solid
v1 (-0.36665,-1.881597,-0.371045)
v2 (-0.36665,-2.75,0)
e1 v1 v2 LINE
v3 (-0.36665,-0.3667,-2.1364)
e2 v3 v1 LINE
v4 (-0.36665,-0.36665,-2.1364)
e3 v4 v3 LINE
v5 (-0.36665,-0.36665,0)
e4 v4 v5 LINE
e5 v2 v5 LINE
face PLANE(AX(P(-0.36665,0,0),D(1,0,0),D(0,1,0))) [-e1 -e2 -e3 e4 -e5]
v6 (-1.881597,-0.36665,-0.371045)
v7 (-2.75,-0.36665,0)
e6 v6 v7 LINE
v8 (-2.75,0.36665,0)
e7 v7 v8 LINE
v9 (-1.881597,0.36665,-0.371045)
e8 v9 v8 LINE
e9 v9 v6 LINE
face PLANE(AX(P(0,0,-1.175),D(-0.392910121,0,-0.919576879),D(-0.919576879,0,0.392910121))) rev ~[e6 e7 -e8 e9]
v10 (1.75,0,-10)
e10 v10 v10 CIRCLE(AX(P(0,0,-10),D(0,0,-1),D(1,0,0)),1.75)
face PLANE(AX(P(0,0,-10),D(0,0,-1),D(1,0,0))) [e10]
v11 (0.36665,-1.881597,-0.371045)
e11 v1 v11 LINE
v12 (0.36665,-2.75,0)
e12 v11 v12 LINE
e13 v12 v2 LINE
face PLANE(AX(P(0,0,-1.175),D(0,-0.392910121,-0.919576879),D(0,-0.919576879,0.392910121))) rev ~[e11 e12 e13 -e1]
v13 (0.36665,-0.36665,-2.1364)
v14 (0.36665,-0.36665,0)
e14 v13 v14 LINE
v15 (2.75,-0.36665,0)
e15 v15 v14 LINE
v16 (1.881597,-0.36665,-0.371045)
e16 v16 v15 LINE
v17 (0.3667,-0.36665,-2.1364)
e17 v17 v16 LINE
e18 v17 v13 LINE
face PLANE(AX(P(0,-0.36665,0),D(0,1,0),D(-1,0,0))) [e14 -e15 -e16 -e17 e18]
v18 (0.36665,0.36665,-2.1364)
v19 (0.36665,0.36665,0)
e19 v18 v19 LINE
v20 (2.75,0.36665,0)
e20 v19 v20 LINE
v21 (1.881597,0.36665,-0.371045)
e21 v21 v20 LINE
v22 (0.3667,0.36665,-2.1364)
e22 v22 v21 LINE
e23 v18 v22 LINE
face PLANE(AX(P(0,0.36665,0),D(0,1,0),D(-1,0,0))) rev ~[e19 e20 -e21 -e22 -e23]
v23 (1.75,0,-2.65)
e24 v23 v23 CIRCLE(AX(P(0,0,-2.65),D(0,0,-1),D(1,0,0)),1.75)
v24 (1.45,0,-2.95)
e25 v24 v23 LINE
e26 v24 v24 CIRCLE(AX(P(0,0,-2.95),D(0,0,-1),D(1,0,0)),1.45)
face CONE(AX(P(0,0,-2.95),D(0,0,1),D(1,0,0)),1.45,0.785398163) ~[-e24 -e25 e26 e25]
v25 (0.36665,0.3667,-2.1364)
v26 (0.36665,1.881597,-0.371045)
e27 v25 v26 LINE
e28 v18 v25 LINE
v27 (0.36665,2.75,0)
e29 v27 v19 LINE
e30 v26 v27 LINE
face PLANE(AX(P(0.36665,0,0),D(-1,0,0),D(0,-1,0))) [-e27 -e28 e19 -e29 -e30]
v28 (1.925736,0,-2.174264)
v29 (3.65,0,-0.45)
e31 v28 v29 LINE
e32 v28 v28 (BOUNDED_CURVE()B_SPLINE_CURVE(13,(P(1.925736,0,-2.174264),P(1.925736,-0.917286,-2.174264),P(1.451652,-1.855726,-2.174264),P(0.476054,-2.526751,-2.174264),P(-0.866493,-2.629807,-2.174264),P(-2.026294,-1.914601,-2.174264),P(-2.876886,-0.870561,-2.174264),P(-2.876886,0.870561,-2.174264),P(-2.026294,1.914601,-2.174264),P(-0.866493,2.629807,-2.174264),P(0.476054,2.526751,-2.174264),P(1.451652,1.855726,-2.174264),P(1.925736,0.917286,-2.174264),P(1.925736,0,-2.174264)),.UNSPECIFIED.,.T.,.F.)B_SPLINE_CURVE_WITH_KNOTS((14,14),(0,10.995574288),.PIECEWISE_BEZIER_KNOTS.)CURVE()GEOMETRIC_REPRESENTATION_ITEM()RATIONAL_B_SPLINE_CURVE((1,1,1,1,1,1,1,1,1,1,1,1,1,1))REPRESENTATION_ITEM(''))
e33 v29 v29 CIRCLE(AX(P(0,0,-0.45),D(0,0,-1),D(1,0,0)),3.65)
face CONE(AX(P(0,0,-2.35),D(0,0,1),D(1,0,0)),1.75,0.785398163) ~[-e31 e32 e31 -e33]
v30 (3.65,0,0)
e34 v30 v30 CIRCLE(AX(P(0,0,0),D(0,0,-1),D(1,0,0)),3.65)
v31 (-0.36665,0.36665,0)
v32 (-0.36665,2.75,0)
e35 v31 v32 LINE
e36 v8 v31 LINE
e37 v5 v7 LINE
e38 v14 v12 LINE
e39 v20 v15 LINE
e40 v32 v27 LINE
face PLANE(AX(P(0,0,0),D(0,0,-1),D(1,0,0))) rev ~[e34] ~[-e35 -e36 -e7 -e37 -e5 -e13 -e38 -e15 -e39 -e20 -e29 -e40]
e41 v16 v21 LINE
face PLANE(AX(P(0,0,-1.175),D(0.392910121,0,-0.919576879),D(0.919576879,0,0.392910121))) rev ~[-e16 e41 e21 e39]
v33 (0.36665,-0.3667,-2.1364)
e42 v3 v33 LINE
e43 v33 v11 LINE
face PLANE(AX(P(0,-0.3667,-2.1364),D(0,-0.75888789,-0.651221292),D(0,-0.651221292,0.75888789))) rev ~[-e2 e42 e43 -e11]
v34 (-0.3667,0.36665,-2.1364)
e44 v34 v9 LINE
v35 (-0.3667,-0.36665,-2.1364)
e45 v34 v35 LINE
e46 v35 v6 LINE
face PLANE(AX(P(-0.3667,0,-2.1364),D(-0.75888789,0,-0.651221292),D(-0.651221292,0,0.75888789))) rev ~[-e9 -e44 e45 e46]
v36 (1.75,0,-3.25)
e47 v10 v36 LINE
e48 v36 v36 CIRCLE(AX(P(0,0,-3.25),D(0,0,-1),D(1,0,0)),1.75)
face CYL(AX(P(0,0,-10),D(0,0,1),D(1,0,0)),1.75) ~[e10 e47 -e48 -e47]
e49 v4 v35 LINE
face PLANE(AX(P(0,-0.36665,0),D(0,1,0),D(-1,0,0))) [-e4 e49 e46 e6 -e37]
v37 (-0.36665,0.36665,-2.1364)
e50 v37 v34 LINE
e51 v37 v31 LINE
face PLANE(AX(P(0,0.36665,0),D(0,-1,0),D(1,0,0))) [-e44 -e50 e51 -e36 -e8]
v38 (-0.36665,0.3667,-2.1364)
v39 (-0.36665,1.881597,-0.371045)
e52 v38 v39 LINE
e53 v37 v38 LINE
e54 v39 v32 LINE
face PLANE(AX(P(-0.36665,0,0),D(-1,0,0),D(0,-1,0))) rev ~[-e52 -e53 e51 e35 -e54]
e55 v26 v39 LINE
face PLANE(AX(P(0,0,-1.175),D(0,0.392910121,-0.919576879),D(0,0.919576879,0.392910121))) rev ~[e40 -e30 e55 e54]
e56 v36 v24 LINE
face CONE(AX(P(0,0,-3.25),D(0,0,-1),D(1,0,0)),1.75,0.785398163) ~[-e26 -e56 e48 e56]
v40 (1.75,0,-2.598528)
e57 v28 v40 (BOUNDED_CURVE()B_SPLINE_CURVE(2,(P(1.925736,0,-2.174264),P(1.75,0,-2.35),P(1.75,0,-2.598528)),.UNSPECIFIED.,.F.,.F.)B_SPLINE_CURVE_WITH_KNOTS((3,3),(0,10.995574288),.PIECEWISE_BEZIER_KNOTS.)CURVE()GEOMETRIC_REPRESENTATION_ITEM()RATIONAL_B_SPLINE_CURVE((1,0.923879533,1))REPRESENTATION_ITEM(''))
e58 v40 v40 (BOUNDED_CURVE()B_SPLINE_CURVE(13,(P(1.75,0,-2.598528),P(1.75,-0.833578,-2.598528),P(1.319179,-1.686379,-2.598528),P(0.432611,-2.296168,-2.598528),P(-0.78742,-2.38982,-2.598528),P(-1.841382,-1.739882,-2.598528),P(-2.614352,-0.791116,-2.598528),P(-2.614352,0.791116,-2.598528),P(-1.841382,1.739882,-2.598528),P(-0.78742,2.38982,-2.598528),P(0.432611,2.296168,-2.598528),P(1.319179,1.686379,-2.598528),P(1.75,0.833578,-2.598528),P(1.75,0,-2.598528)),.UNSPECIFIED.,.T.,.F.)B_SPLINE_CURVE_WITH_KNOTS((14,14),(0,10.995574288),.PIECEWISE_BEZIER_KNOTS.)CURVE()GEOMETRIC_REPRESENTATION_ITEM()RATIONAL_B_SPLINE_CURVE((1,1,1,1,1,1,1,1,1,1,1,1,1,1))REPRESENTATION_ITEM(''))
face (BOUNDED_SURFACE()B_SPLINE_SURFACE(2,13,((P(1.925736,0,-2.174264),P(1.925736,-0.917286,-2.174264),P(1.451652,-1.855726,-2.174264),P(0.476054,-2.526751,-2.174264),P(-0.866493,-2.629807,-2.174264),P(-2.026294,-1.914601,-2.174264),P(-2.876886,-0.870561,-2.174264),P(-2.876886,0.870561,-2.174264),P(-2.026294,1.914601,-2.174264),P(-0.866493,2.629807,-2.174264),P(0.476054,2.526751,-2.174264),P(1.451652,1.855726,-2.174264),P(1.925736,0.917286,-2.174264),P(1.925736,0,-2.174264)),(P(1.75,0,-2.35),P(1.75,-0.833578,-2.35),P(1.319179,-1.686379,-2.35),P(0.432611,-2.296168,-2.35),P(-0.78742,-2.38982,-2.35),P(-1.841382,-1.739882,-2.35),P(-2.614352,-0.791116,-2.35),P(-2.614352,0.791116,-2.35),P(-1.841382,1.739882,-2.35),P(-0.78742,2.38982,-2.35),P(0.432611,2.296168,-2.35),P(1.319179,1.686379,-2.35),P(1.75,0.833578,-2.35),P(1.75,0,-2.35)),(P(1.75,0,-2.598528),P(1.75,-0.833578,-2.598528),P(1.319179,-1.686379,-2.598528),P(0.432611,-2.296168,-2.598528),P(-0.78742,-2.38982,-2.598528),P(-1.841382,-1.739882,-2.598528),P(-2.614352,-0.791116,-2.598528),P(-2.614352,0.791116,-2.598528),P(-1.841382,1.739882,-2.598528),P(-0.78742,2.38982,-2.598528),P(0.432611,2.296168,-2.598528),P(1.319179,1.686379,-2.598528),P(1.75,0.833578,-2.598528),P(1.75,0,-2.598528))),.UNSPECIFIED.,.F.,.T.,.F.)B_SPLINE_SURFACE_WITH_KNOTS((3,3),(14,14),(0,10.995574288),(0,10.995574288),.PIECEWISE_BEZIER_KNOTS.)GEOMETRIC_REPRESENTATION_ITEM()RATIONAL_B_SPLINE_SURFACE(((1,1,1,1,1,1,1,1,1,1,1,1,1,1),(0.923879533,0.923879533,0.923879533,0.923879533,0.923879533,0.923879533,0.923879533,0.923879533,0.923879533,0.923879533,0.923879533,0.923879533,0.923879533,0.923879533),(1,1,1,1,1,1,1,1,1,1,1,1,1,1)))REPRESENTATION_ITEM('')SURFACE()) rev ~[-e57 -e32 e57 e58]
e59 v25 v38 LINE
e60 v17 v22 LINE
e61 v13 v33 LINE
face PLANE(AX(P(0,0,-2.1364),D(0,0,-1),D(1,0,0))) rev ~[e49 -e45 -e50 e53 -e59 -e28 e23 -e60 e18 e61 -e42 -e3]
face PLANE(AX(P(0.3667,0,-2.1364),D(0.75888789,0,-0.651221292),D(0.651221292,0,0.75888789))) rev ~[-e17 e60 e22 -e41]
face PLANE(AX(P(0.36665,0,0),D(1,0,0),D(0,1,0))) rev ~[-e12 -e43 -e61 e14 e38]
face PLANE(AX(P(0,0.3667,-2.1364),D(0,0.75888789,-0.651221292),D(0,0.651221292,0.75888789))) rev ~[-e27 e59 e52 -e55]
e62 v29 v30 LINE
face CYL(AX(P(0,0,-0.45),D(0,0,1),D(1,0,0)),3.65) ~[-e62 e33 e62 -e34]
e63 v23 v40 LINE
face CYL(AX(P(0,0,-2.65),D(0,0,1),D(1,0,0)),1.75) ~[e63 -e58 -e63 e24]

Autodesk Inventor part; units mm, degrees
ref_plane "YZ Plane" through (0, 0, 0) normal (1, 0, 0) x (0, 1, 0)
sketch "Esquisse1" plane through (0, 0, 0) normal (0, 1, 0) x (-1, 0, 0)
  point P0 (0, 0)
sketch "Esquisse2" plane through (0, 0, 0) normal (0, 0, 1) x (1, 0, 0)
  point P0 (0, 0)
sketch "Esquisse3" plane through (0, 0, 0) normal (0, 0, 1) x (1, 0, 0)
  point P0 (0, 0)
sketch "Esquisse4" plane through (0, 0, 0) normal (0, 1, 0) x (-1, 0, 0)
  line L0 (-3.65, 0) -> (0, 0)
  line L1 (-3.65, -0.45) -> (-3.65, 0)
  line L2 (-1.75, -2.35) -> (-3.65, -0.45)
  line L3 (-1.75, -2.65) -> (-1.75, -2.35)
  line L4 (-1.45, -2.95) -> (-1.75, -2.65)
  line L5 (-1.75, -3.25) -> (-1.45, -2.95)
  line L6 (-1.75, -10) -> (-1.75, -3.25)
  line L7 (0, 0) -> (0, -10)
  line L8 (0, 3.3392) -> (0, -10.7) construction
  line L9 (0, 3.3392) -> (0, -10.7)
  line L10 (0, -13.5078) -> (0, 6.1471) projected
  line L11 (-1.75, -10) -> (0, -10)
  line L12 (0.73, 0) -> (-4.38, 0) projected
  dimension "d3" = 3.65
  dimension "d5" = 0.3
  dimension "d7" = 0.3
  dimension "d9" = 0.3
  dimension "d11" = 2.35
  dimension "d13" = 135
  dimension "d17" = 1.45
  dimension "d19" = 0
  dimension "d51" = 1.75
  dimension "d52" = 10
revolve "Révolution1" add sketch "Esquisse4" angle 360 about axis through (0, 0, 3.3392) along (0, 0, -1)
sketch "Esquisse5" plane through (0, 0, 0) normal (0, 1, 0) x (-1, 0, 0)
  line L0 (-2.2, 0) -> (0, 0)
  line L1 (-0.3667, -2.1364) -> (-2.2, 0)
  line L2 (0, -2.1364) -> (-0.3667, -2.1364)
  line L3 (0, 0) -> (0, -2.1364)
  line L4 (-1.75, -2.35) -> (1.75, -2.35) construction
  line L5 (-3.65, 0) -> (3.65, 0) projected
  line L6 (0, -2.82) -> (0, 0.47) projected
  dimension "d22" = 2.2
  dimension "d24" = 0.3667
  dimension "d26" = 2.1364
extrude "Extrusion1" cut sketch "Esquisse5" along normal mid plane 0.7333
pattern_circular "RéseauPolaire1" count 4 over 360 about axis through (0, 0, 0) along (0, 0, 1) of "Extrusion1"
sketch "Esquisse7" plane through (0, 0, 0) normal (0, 1, 0) x (-1, 0, 0)
  line L0 (0, -1.175) -> (-2.75, 0)
  line L1 (0, 0) -> (0, -1.175)
  line L2 (-2.75, 0) -> (0, 0)
  line L3 (-1.75, -2.35) -> (1.75, -2.35) construction
  line L4 (0, -2.82) -> (0, 0.47) projected
  line L5 (-3.65, 0) -> (3.65, 0) projected
  dimension "d33" = 2.75
  dimension "d35" = 1.175
extrude "Extrusion2" cut sketch "Esquisse7" along normal mid plane 0.7333
pattern_circular "RéseauPolaire2" count 4 over 360 about axis through (0, 0, 0) along (0, 0, 1) of "Extrusion2"
fillet "Congé1" radius 0.6 1 edges at (-1.75, 0, -2.35)
thread "Filetage1" size "M3.5x0.6" class "6g" standard "ISO Metric profile" full length
ref_plane "MSC_PF1" through (0, 0, 0) normal (1, 0, 0) x (0, 1, 0)
ref_plane "MSC_PT1" through (0, 0, 0) normal (0, 0, -1) x (-1, 0, 0)
equation "\"d3\" = 0.5 * Dh"
equation "\"d5\" = msp_x"
equation "\"d7\" = ParA"
equation "\"d9\" = msp_x"
equation "\"d11\" = ParK"
equation "\"d17\" = 0.5 * msp_mdtds"
equation "\"d51\" = 0.5 * NND"
equation "\"d52\" = NLG"
equation "\"d22\" = 0.5 * M"
equation "\"d24\" = 0.0833333 * M"
equation "\"d26\" = 0.909091 * ParK"
equation "\"d27\" = 0.166667 * M"
equation "\"d33\" = 0.625 * M"
equation "\"d35\" = 0.5 * ParK"
equation "\"d36\" = 0.166667 * M"
equation "\"d41\" = 2 * msp_x"
equation "\"PTC\" = 0.6"
equation "\"NLG\" = 10"
equation "\"ParK\" = 2.35"
equation "\"NND\" = 3.5"
equation "\"M\" = 4.4"
equation "\"msp_mdtds\" = NND - PTC"
equation "\"Dh\" = 7.3"
equation "\"msp_x\" = 0.5 * PTC"
equation "\"ParA\" = 0.5 * PTC"
equation "\"r\" = 0.9"
equation "\"THREADDIA\" = NND"
equation "\"TEMPLATE\" = 1.2345"
properties part number "NF EN ISO 7046-2 H - M3.5x10 - 8.8 - H1" material "Acier inoxydable 440C"
